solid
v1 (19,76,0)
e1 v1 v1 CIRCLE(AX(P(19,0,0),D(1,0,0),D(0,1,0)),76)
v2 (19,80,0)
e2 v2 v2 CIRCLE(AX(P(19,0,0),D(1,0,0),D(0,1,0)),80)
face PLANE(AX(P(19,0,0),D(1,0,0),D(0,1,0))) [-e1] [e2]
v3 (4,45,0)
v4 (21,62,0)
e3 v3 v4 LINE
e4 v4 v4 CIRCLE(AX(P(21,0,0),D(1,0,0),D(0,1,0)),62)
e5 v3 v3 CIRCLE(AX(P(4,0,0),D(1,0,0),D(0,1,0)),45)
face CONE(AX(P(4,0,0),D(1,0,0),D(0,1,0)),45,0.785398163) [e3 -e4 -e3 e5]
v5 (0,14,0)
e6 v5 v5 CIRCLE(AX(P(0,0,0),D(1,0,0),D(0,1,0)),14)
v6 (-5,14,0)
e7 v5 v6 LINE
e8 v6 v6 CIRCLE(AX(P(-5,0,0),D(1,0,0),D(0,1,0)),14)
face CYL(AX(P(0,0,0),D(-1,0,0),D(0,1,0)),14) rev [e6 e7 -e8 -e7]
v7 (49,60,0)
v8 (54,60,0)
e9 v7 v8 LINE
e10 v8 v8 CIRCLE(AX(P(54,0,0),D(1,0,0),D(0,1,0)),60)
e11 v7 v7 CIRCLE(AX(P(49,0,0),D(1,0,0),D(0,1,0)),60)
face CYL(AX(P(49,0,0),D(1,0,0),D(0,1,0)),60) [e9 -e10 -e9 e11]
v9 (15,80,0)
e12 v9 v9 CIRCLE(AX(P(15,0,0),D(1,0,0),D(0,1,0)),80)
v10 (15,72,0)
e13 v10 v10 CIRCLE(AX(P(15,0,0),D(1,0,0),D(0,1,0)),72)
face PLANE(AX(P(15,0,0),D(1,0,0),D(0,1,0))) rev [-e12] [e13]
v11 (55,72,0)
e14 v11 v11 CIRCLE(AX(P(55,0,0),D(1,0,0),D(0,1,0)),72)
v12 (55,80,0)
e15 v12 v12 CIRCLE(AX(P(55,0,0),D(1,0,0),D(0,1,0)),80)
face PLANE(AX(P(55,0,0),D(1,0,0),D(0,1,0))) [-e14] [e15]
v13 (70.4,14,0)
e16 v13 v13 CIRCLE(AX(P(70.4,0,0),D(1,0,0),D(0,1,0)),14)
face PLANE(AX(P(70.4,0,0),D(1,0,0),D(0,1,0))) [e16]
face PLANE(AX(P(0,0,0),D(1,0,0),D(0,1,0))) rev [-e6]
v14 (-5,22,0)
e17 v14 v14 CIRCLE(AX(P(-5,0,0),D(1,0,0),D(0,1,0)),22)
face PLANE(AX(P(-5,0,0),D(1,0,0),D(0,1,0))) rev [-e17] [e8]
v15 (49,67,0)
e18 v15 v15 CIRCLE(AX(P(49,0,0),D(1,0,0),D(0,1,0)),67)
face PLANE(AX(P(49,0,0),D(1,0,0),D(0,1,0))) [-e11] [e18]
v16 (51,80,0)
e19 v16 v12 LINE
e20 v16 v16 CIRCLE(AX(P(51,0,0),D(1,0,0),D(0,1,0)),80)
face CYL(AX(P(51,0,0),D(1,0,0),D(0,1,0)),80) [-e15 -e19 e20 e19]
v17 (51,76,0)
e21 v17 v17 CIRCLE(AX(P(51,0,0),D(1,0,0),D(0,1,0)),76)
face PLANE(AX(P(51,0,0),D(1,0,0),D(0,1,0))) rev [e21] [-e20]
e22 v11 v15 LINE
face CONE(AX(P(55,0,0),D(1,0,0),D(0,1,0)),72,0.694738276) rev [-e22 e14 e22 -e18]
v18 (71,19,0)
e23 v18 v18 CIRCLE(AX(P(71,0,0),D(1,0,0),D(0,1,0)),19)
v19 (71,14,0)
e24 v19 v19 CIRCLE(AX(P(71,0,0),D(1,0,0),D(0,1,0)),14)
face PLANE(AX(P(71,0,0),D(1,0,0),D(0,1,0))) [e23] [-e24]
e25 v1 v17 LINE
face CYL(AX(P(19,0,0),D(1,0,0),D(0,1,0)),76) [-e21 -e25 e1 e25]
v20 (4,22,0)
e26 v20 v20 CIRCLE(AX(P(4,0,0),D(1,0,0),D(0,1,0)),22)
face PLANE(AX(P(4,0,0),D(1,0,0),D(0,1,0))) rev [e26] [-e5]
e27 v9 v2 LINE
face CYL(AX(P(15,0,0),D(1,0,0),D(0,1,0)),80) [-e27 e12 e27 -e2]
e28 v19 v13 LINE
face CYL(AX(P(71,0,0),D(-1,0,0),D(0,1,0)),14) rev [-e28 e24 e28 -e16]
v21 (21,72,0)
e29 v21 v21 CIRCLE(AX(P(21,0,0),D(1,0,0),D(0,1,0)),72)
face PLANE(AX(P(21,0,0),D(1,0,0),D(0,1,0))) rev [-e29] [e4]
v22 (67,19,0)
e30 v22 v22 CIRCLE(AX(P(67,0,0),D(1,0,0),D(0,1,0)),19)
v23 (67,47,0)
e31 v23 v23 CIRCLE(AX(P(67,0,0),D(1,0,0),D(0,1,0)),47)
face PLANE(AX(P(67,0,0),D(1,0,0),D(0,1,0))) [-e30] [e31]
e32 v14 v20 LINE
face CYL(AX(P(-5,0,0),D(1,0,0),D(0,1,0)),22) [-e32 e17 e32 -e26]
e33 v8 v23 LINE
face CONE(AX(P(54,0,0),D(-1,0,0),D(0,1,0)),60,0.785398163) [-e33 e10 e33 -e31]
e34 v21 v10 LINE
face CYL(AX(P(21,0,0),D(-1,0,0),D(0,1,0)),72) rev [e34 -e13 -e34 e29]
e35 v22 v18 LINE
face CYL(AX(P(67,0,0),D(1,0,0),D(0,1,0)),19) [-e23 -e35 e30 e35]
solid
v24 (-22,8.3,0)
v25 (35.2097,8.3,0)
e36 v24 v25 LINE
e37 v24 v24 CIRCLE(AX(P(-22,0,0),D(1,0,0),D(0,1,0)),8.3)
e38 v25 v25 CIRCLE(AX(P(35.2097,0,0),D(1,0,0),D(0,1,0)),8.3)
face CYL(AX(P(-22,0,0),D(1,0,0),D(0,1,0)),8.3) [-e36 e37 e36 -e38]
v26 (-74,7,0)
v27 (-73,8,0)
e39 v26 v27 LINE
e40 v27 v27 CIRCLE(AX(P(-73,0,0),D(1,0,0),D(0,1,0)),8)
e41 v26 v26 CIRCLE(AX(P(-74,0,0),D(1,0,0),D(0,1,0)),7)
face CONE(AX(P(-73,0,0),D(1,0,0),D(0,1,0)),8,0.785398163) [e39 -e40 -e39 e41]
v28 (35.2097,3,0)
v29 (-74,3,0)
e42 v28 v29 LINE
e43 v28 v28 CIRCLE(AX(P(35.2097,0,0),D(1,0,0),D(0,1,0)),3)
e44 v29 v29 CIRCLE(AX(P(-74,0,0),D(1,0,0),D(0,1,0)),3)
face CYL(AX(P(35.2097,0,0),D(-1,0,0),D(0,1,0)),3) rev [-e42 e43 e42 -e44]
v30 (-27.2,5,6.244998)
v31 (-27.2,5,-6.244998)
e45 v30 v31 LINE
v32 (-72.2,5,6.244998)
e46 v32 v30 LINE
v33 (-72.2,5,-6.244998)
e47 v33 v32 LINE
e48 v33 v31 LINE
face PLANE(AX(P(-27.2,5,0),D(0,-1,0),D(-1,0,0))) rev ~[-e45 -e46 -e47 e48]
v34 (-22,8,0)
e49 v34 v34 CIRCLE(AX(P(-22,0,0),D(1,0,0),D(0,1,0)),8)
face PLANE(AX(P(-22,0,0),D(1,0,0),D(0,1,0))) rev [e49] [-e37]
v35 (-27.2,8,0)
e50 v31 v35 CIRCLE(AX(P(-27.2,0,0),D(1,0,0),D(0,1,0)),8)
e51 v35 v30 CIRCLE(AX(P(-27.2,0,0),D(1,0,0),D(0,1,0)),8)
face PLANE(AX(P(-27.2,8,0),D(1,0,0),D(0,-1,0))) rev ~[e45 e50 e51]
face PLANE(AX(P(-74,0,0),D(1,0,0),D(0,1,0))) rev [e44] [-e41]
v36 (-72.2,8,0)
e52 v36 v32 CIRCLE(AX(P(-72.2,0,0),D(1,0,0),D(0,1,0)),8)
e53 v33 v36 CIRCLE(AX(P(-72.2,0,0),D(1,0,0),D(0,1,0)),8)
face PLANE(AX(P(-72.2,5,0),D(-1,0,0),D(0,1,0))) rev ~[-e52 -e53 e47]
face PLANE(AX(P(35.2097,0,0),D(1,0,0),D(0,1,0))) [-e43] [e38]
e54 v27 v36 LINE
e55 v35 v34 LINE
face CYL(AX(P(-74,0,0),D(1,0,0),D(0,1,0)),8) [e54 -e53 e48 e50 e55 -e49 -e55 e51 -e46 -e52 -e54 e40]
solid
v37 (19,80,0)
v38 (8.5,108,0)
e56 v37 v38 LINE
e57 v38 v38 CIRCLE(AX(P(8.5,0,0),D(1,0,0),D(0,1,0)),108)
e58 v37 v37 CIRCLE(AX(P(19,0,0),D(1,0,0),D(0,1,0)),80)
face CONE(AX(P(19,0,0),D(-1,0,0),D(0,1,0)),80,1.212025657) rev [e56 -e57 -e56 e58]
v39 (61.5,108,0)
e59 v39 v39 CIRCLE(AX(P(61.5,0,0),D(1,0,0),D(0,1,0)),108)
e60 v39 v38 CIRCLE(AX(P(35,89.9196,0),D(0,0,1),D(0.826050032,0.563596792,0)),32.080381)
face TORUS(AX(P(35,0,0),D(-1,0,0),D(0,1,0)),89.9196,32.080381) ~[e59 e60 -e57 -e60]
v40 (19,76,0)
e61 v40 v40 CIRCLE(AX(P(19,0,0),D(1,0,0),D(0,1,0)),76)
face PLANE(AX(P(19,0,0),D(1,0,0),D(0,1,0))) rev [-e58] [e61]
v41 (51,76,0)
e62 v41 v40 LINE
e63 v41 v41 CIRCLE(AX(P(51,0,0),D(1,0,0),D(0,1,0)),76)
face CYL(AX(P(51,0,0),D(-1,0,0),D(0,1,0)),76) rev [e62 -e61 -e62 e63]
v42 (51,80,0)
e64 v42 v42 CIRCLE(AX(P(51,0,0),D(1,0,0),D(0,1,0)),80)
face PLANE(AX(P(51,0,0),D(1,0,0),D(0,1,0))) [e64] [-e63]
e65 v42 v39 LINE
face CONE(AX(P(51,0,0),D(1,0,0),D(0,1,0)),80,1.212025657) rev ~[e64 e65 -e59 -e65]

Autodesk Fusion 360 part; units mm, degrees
sketch "Sketch1" plane through (0, 0, 0) normal (0, 0, 1) x (1, 0, 0)
  line L0 (-5, 14) -> (-5, 22)
  line L1 (-5, 22) -> (4, 22)
  line L2 (4, 22) -> (4, 45)
  line L3 (4, 45) -> (21, 62)
  line L4 (21, 62) -> (21, 72)
  line L5 (21, 72) -> (15, 72)
  line L6 (15, 72) -> (15, 80)
  line L7 (15, 80) -> (19, 80)
  line L8 (19, 80) -> (19, 76)
  line L9 (19, 76) -> (51, 76)
  line L10 (51, 76) -> (51, 80)
  line L11 (51, 80) -> (55, 80)
  line L12 (55, 80) -> (55, 72)
  line L13 (55, 72) -> (49, 67)
  line L14 (49, 67) -> (49, 60)
  line L15 (49, 60) -> (54, 60)
  line L16 (54, 60) -> (67, 47)
  line L17 (67, 47) -> (67, 19)
  line L18 (67, 19) -> (71, 19)
  line L19 (71, 19) -> (71, 14)
  line L20 (71, 14) -> (70.4, 14)
  line L21 (70.4, 14) -> (70.4, 0)
  line L22 (70.4, 0) -> (0, 0)
  line L23 (0, 0) -> (0, 14)
  line L24 (0, 14) -> (-5, 14)
  dimension "d1" = 14
  dimension "d2" = 8
  dimension "d3" = 9
  dimension "d4" = 23
  dimension "d5" = 17
  dimension "d6" = 17
  dimension "d7" = 10
  dimension "d8" = 6
  dimension "d9" = 4
  dimension "d10" = 8
  dimension "d12" = 7
  dimension "d13" = 6
  dimension "d14" = 5
  dimension "d15" = 5
  dimension "d16" = 13
  dimension "d17" = 13
  dimension "d18" = 28
  dimension "d19" = 4
  dimension "d20" = 5
  dimension "d21" = 0.6
  dimension "d22" = 40
  dimension "d39" = 5
revolve "Revolve1" add sketch "Sketch1" angle 360 about axis through (1.75, 0, 0) along (1, 0, 0) makes body 1
sketch "Sketch2" plane through (0, 0, 0) normal (0, 0, 1) x (1, 0, 0)
  line L0 (51, 80) -> (61.5, 108)
  line L1 (-1.394, 122) -> (67.606, 122) construction
  line L2 (51, 80) -> (55, 80) construction
  line L3 (35, 129) -> (35, 53) construction
  line L4 (15, 72) -> (15, 80) construction
  line L5 (55, 80) -> (55, 72) construction
  line L6 (51, 80) -> (51, 76)
  line L7 (51, 76) -> (19, 76)
  line L8 (19, 76) -> (19, 80)
  line L9 (19, 80) -> (8.5, 108)
  arc A0 (61.5, 108) -> (8.5, 108) centre (35, 89.9196) ccw
  point P0 (51, 76)
  point P1 (19, 76)
  point P2 (19, 80)
  dimension "d29" = 42
  dimension "d30" = 28
  dimension "d31" = 53
revolve "Revolve2" add sketch "Sketch2" angle 360 about axis through (1.75, 0, 0) along (1, 0, 0) separate body makes body 2
sketch "Sketch3" plane through (0, 0, 0) normal (0, 0, 1) x (1, 0, 0)
  line L0 (35.2097, 3) -> (-74, 3)
  line L1 (-74, 3) -> (-74, 8)
  line L2 (-74, 8) -> (-22, 8)
  line L3 (-22, 8) -> (-22, 8.3)
  line L4 (-22, 8.3) -> (35.2097, 8.3)
  line L5 (35.2097, 8.3) -> (35.2097, 3)
  line L6 (70.4, 0) -> (0, 0)
  line L7 (-74, 0) -> (12.1646, 0) construction
  line L8 (-5, 14) -> (-5, 22) construction
  dimension "d33" = 52
  dimension "d34" = 8
  dimension "d35" = 8.3
  dimension "d36" = 5
  dimension "d37" = 69
revolve "Revolve3" add sketch "Sketch3" angle 360 about axis through (1.75, 0, 0) along (1, 0, 0) separate body makes body 3
ref_plane "WorkPlane1" through (-61.2975, 0, 8) normal (0, 0, 1) x (0, 1, 0)
sketch "Sketch4" plane through (0, 0, 0) normal (0, 0, 1) x (1, 0, 0)
  line L0 (-72.2, 8) -> (-27.2, 8)
  line L1 (-27.2, 8) -> (-27.2, 5)
  line L2 (-27.2, 5) -> (-72.2, 5)
  line L3 (-72.2, 5) -> (-72.2, 8)
  line L4 (-74, -8) -> (-74, 8)
  line L5 (-74, 8) -> (-22, 8)
  dimension "d41" = 45
  dimension "d42" = 1.8
  dimension "d43" = 3
extrude "Extrude1" cut sketch "Sketch4" along normal mid plane 20 bodies 3
chamfer "Chamfer1" distance 1 angle 45 1 edges at (-74, -2.8929, 7.4586) on bodies 3
